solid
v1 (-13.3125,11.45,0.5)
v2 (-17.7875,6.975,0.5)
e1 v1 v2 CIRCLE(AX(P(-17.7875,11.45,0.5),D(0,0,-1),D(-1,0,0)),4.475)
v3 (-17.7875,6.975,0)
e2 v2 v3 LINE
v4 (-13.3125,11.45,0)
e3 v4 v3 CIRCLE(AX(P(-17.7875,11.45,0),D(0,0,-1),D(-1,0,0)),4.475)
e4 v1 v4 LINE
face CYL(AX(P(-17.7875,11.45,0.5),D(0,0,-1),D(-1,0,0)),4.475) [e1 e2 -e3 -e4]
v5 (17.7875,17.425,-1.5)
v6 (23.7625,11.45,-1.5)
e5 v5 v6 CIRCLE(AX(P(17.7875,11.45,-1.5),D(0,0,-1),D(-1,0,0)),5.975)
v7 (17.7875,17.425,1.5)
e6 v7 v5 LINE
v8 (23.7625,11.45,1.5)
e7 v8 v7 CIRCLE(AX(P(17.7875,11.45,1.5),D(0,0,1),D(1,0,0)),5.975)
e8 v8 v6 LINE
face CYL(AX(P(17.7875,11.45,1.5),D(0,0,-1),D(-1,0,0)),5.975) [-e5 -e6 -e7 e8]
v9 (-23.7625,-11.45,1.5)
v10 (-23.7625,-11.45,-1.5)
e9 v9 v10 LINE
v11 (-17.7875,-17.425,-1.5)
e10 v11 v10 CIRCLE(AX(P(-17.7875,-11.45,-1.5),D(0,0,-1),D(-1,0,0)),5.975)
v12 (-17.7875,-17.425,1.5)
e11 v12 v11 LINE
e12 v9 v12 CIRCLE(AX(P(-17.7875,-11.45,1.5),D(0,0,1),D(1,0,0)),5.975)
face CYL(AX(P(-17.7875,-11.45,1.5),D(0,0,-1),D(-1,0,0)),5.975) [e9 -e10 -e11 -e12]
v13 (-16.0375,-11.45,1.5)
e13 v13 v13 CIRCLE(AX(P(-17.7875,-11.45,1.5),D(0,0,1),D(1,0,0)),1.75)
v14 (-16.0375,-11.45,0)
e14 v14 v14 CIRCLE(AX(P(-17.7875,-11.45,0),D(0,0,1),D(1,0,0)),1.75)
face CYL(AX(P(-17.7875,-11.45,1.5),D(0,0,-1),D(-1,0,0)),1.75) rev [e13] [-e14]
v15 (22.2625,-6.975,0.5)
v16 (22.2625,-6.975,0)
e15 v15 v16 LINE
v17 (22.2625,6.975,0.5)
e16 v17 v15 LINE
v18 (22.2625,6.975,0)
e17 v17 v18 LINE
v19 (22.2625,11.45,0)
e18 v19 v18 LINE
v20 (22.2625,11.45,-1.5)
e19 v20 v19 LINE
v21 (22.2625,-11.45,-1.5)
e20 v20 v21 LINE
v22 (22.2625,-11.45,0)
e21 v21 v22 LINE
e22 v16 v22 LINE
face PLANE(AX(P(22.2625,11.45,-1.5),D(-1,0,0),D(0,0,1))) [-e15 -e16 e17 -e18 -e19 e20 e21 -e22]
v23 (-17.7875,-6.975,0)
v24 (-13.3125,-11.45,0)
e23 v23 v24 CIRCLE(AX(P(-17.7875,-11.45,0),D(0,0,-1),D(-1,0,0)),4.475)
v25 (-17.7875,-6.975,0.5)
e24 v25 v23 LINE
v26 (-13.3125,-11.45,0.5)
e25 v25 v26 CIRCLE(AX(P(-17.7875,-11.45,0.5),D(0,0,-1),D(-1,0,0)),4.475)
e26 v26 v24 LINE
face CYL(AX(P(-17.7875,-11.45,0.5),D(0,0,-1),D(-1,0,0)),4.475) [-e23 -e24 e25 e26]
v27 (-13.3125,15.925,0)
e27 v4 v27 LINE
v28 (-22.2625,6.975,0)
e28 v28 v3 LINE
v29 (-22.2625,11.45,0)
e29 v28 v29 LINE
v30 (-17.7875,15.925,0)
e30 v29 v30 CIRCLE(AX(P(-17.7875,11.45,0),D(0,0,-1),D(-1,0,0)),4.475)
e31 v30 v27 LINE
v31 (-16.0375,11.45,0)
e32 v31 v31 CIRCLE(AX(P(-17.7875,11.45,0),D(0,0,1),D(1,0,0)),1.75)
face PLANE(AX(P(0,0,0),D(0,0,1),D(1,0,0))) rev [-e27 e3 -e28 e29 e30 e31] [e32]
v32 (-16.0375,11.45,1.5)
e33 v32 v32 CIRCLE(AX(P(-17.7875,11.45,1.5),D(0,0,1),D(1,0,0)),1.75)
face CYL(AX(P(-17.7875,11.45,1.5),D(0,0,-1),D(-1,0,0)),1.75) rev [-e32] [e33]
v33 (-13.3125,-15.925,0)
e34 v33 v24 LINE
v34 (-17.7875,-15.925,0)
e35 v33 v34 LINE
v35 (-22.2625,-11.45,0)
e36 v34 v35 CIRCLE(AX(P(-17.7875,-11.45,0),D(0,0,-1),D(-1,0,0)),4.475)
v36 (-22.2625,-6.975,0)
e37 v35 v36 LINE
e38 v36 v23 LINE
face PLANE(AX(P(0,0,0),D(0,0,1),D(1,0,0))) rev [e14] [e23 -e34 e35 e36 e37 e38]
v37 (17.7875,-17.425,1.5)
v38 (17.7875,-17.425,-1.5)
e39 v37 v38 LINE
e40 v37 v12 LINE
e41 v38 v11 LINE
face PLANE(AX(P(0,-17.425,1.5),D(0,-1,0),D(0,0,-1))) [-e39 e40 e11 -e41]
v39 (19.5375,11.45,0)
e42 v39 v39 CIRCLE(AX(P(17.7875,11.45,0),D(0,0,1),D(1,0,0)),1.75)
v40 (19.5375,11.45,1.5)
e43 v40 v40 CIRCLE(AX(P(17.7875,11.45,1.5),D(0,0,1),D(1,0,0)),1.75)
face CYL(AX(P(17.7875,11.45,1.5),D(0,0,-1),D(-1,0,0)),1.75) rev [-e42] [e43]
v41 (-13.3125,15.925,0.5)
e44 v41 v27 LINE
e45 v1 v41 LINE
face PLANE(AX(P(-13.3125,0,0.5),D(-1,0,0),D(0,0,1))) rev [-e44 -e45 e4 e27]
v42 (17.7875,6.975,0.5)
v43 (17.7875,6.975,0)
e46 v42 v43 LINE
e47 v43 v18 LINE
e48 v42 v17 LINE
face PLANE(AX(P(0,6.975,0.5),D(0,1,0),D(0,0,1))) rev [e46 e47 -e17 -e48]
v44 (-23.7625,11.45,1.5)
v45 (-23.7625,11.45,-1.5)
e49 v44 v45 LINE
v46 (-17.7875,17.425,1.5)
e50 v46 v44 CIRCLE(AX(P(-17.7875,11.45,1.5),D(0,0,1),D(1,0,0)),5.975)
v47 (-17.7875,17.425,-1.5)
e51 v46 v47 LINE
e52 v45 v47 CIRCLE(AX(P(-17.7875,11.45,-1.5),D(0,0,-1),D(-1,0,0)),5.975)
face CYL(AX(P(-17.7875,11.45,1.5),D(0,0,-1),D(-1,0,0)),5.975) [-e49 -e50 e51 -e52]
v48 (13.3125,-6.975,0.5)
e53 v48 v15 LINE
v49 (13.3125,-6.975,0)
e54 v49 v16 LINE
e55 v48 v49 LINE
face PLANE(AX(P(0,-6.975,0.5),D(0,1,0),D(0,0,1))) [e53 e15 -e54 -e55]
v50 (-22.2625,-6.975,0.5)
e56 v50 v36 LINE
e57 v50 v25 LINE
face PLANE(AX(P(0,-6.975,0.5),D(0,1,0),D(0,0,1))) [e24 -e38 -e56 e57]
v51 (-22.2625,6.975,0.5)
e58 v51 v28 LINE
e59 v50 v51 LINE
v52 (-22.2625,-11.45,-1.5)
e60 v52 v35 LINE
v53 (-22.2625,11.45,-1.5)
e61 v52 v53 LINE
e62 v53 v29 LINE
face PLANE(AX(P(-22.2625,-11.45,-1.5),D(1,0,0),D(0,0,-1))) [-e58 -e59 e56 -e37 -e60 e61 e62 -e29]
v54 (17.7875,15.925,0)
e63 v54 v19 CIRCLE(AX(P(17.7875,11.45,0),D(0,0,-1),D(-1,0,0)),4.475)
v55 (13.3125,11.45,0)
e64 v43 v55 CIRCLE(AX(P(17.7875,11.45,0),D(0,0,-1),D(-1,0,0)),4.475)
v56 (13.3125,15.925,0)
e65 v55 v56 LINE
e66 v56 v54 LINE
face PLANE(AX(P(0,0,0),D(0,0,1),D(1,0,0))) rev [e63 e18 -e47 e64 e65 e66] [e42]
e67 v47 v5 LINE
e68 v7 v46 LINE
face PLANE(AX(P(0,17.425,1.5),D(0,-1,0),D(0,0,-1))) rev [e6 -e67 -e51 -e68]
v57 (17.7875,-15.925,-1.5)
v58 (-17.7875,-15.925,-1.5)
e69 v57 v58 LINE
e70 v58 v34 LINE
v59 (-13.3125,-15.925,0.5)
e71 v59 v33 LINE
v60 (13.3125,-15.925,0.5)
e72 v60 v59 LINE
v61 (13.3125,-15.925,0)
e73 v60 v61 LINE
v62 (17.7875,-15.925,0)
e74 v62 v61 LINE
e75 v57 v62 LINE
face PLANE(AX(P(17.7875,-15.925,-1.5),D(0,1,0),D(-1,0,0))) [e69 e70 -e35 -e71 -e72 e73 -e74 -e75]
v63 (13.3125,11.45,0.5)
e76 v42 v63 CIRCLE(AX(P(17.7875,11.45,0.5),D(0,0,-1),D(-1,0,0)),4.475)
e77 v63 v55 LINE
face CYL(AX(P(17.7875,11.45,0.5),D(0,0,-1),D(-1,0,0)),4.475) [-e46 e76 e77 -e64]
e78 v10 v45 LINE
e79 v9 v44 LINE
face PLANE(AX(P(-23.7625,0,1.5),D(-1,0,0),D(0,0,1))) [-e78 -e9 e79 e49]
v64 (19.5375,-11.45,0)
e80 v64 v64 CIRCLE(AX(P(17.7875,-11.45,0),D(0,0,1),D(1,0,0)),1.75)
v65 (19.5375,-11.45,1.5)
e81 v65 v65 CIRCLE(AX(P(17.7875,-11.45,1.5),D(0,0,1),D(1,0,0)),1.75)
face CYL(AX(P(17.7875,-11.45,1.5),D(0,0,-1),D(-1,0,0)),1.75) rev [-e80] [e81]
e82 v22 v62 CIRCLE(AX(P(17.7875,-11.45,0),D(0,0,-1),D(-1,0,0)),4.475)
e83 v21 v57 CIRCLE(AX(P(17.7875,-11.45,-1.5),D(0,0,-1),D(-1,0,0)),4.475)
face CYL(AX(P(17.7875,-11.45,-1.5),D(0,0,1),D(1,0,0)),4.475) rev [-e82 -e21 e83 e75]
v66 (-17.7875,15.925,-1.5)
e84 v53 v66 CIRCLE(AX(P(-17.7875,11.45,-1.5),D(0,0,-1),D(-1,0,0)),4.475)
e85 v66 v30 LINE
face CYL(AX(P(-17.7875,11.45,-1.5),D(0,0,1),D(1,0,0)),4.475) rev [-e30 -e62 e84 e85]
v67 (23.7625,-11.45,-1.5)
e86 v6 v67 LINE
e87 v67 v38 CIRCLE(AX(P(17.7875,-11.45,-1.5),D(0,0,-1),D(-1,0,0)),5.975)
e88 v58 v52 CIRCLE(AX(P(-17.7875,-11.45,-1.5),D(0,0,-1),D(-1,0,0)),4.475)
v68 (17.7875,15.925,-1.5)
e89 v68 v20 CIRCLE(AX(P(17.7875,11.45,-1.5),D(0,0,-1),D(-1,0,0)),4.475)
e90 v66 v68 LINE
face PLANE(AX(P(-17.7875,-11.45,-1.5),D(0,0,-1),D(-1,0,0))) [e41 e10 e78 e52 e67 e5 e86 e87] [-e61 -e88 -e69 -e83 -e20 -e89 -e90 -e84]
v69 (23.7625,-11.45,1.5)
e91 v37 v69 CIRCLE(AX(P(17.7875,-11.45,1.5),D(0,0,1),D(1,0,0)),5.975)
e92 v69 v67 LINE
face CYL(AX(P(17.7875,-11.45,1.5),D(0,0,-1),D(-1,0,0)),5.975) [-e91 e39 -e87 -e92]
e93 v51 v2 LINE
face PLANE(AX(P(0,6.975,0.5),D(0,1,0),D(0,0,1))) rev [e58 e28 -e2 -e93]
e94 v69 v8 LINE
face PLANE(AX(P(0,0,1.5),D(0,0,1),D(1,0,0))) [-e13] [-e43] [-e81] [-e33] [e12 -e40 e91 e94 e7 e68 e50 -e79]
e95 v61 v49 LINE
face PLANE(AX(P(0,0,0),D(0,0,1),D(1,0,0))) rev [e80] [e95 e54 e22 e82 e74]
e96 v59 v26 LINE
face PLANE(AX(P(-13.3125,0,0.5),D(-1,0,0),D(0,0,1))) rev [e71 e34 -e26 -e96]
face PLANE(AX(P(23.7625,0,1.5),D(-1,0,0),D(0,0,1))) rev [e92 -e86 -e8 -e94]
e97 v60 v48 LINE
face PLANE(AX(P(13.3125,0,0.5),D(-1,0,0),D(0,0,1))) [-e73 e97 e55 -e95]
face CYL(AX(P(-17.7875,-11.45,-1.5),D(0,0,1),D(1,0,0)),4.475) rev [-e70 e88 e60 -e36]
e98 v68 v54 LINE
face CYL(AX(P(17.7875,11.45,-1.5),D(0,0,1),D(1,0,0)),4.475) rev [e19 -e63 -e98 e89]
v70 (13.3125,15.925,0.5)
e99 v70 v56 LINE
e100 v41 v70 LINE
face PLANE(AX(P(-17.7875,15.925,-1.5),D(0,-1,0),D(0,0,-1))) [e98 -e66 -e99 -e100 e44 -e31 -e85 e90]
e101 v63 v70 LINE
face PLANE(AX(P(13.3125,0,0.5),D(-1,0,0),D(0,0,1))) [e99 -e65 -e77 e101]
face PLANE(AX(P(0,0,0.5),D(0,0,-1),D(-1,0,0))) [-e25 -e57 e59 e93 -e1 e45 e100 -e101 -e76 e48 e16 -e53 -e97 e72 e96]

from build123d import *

# Parameters (mm, degrees)
SKETCH1_R           = 1.75
BOSS_EXTRUDE1_DEPTH = 1.5
BOSS_EXTRUDE2_DEPTH = 1.5
SKETCH3_W           = 26.625
SKETCH3_H           = 13.95
CUT_EXTRUDE1_DEPTH  = 0.5


with BuildPart() as part:
    # Sketch1 → Boss-Extrude1 (new body)
    with BuildSketch(Plane.XY):
        with BuildLine():
            ThreePointArc((23.7625, 11.45), (22.012463018, 15.674963018), (17.7875, 17.425))
            Line((17.7875, 17.425), (-17.7875, 17.425))
            ThreePointArc((-17.7875, 17.425), (-22.012463018, 15.674963018), (-23.7625, 11.45))
            Line((-23.7625, 11.45), (-23.7625, -11.45))
            ThreePointArc((-23.7625, -11.45), (-22.012463018, -15.674963018), (-17.7875, -17.425))
            Line((-17.7875, -17.425), (17.7875, -17.425))
            ThreePointArc((17.7875, -17.425), (22.012463018, -15.674963018), (23.7625, -11.45))
            Line((23.7625, -11.45), (23.7625, 11.45))
        make_face()
        with Locations((-17.7875, -11.45)):
            Circle(SKETCH1_R, mode=Mode.SUBTRACT)
        with Locations((17.7875, -11.45)):
            Circle(SKETCH1_R, mode=Mode.SUBTRACT)
        with Locations((17.7875, 11.45)):
            Circle(SKETCH1_R, mode=Mode.SUBTRACT)
        with Locations((-17.7875, 11.45)):
            Circle(SKETCH1_R, mode=Mode.SUBTRACT)
    extrude(amount=BOSS_EXTRUDE1_DEPTH)

    # Sketch2 → Boss-Extrude2 (add)
    with BuildSketch(Plane(origin=(0, 0, 0), x_dir=(-1, 0, 0), z_dir=(0, 0, -1))):
        with BuildLine():
            Line((-17.7875, -17.425), (17.7875, -17.425))
            ThreePointArc((17.7875, -17.425), (22.012463018, -15.674963018), (23.7625, -11.45))
            Line((23.7625, -11.45), (23.7625, 11.45))
            ThreePointArc((23.7625, 11.45), (22.012463018, 15.674963018), (17.7875, 17.425))
            Line((17.7875, 17.425), (-17.7875, 17.425))
            ThreePointArc((-17.7875, 17.425), (-22.012463018, 15.674963018), (-23.7625, 11.45))
            Line((-23.7625, 11.45), (-23.7625, -11.45))
            ThreePointArc((-23.7625, -11.45), (-22.012463018, -15.674963018), (-17.7875, -17.425))
        make_face()
        with BuildLine():
            Line((17.7875, 15.925), (-17.7875, 15.925))
            ThreePointArc((-17.7875, 15.925), (-20.951802846, 14.614302846), (-22.2625, 11.45))
            Line((-22.2625, 11.45), (-22.2625, -11.45))
            ThreePointArc((-22.2625, -11.45), (-20.951802846, -14.614302846), (-17.7875, -15.925))
            Line((-17.7875, -15.925), (17.7875, -15.925))
            ThreePointArc((17.7875, -15.925), (20.951802846, -14.614302846), (22.2625, -11.45))
            Line((22.2625, -11.45), (22.2625, 11.45))
            ThreePointArc((22.2625, 11.45), (20.951802846, 14.614302846), (17.7875, 15.925))
        make_face(mode=Mode.SUBTRACT)
    extrude(amount=BOSS_EXTRUDE2_DEPTH)

    # Sketch3 → Cut-Extrude1 (cut)
    with BuildSketch(Plane(origin=(0, 0, 0), x_dir=(-1, 0, 0), z_dir=(0, 0, -1))):
        with BuildLine():
            Line((-17.7875, 6.975), (-13.3125, 6.975))
            Line((-13.3125, 6.975), (-13.3125, 11.45))
            ThreePointArc((-13.3125, 11.45), (-14.623197154, 8.285697154), (-17.7875, 6.975))
        make_face()
        Polygon((-17.787500036, -6.975), (-13.3125, -6.975), (-13.3125, 6.975), (-17.7875, 6.975), (-22.2625, 6.975), (-22.2625, -6.975), align=None)
        Polygon((-13.3125, 6.975), (13.3125, 6.975), (13.3125, 11.45), (13.3125, 15.925), (-13.3125, 15.925), (-13.3125, 11.45), align=None)
        with BuildLine():
            Line((13.3125, 6.975), (17.7875, 6.975))
            ThreePointArc((17.7875, 6.975), (14.623197154, 8.285697154), (13.3125, 11.45))
            Line((13.3125, 11.45), (13.3125, 6.975))
        make_face()
        Polygon((17.7875, -6.975), (22.2625, -6.975), (22.2625, 6.975), (17.7875, 6.975), (13.3125, 6.975), (13.3125, -6.975), align=None)
        with BuildLine():
            ThreePointArc((13.3125, -11.45), (14.623197154, -8.285697154), (17.7875, -6.975))
            Line((17.7875, -6.975), (13.3125, -6.975))
            Line((13.3125, -6.975), (13.3125, -11.45))
        make_face()
        Polygon((13.3125, -11.45), (13.3125, -6.975), (-13.3125, -6.975), (-13.3125, -11.45), (-13.3125, -15.925), (13.3125, -15.925), align=None)
        Rectangle(SKETCH3_W, SKETCH3_H)
    extrude(amount=-CUT_EXTRUDE1_DEPTH, mode=Mode.SUBTRACT)


solid = part.part
